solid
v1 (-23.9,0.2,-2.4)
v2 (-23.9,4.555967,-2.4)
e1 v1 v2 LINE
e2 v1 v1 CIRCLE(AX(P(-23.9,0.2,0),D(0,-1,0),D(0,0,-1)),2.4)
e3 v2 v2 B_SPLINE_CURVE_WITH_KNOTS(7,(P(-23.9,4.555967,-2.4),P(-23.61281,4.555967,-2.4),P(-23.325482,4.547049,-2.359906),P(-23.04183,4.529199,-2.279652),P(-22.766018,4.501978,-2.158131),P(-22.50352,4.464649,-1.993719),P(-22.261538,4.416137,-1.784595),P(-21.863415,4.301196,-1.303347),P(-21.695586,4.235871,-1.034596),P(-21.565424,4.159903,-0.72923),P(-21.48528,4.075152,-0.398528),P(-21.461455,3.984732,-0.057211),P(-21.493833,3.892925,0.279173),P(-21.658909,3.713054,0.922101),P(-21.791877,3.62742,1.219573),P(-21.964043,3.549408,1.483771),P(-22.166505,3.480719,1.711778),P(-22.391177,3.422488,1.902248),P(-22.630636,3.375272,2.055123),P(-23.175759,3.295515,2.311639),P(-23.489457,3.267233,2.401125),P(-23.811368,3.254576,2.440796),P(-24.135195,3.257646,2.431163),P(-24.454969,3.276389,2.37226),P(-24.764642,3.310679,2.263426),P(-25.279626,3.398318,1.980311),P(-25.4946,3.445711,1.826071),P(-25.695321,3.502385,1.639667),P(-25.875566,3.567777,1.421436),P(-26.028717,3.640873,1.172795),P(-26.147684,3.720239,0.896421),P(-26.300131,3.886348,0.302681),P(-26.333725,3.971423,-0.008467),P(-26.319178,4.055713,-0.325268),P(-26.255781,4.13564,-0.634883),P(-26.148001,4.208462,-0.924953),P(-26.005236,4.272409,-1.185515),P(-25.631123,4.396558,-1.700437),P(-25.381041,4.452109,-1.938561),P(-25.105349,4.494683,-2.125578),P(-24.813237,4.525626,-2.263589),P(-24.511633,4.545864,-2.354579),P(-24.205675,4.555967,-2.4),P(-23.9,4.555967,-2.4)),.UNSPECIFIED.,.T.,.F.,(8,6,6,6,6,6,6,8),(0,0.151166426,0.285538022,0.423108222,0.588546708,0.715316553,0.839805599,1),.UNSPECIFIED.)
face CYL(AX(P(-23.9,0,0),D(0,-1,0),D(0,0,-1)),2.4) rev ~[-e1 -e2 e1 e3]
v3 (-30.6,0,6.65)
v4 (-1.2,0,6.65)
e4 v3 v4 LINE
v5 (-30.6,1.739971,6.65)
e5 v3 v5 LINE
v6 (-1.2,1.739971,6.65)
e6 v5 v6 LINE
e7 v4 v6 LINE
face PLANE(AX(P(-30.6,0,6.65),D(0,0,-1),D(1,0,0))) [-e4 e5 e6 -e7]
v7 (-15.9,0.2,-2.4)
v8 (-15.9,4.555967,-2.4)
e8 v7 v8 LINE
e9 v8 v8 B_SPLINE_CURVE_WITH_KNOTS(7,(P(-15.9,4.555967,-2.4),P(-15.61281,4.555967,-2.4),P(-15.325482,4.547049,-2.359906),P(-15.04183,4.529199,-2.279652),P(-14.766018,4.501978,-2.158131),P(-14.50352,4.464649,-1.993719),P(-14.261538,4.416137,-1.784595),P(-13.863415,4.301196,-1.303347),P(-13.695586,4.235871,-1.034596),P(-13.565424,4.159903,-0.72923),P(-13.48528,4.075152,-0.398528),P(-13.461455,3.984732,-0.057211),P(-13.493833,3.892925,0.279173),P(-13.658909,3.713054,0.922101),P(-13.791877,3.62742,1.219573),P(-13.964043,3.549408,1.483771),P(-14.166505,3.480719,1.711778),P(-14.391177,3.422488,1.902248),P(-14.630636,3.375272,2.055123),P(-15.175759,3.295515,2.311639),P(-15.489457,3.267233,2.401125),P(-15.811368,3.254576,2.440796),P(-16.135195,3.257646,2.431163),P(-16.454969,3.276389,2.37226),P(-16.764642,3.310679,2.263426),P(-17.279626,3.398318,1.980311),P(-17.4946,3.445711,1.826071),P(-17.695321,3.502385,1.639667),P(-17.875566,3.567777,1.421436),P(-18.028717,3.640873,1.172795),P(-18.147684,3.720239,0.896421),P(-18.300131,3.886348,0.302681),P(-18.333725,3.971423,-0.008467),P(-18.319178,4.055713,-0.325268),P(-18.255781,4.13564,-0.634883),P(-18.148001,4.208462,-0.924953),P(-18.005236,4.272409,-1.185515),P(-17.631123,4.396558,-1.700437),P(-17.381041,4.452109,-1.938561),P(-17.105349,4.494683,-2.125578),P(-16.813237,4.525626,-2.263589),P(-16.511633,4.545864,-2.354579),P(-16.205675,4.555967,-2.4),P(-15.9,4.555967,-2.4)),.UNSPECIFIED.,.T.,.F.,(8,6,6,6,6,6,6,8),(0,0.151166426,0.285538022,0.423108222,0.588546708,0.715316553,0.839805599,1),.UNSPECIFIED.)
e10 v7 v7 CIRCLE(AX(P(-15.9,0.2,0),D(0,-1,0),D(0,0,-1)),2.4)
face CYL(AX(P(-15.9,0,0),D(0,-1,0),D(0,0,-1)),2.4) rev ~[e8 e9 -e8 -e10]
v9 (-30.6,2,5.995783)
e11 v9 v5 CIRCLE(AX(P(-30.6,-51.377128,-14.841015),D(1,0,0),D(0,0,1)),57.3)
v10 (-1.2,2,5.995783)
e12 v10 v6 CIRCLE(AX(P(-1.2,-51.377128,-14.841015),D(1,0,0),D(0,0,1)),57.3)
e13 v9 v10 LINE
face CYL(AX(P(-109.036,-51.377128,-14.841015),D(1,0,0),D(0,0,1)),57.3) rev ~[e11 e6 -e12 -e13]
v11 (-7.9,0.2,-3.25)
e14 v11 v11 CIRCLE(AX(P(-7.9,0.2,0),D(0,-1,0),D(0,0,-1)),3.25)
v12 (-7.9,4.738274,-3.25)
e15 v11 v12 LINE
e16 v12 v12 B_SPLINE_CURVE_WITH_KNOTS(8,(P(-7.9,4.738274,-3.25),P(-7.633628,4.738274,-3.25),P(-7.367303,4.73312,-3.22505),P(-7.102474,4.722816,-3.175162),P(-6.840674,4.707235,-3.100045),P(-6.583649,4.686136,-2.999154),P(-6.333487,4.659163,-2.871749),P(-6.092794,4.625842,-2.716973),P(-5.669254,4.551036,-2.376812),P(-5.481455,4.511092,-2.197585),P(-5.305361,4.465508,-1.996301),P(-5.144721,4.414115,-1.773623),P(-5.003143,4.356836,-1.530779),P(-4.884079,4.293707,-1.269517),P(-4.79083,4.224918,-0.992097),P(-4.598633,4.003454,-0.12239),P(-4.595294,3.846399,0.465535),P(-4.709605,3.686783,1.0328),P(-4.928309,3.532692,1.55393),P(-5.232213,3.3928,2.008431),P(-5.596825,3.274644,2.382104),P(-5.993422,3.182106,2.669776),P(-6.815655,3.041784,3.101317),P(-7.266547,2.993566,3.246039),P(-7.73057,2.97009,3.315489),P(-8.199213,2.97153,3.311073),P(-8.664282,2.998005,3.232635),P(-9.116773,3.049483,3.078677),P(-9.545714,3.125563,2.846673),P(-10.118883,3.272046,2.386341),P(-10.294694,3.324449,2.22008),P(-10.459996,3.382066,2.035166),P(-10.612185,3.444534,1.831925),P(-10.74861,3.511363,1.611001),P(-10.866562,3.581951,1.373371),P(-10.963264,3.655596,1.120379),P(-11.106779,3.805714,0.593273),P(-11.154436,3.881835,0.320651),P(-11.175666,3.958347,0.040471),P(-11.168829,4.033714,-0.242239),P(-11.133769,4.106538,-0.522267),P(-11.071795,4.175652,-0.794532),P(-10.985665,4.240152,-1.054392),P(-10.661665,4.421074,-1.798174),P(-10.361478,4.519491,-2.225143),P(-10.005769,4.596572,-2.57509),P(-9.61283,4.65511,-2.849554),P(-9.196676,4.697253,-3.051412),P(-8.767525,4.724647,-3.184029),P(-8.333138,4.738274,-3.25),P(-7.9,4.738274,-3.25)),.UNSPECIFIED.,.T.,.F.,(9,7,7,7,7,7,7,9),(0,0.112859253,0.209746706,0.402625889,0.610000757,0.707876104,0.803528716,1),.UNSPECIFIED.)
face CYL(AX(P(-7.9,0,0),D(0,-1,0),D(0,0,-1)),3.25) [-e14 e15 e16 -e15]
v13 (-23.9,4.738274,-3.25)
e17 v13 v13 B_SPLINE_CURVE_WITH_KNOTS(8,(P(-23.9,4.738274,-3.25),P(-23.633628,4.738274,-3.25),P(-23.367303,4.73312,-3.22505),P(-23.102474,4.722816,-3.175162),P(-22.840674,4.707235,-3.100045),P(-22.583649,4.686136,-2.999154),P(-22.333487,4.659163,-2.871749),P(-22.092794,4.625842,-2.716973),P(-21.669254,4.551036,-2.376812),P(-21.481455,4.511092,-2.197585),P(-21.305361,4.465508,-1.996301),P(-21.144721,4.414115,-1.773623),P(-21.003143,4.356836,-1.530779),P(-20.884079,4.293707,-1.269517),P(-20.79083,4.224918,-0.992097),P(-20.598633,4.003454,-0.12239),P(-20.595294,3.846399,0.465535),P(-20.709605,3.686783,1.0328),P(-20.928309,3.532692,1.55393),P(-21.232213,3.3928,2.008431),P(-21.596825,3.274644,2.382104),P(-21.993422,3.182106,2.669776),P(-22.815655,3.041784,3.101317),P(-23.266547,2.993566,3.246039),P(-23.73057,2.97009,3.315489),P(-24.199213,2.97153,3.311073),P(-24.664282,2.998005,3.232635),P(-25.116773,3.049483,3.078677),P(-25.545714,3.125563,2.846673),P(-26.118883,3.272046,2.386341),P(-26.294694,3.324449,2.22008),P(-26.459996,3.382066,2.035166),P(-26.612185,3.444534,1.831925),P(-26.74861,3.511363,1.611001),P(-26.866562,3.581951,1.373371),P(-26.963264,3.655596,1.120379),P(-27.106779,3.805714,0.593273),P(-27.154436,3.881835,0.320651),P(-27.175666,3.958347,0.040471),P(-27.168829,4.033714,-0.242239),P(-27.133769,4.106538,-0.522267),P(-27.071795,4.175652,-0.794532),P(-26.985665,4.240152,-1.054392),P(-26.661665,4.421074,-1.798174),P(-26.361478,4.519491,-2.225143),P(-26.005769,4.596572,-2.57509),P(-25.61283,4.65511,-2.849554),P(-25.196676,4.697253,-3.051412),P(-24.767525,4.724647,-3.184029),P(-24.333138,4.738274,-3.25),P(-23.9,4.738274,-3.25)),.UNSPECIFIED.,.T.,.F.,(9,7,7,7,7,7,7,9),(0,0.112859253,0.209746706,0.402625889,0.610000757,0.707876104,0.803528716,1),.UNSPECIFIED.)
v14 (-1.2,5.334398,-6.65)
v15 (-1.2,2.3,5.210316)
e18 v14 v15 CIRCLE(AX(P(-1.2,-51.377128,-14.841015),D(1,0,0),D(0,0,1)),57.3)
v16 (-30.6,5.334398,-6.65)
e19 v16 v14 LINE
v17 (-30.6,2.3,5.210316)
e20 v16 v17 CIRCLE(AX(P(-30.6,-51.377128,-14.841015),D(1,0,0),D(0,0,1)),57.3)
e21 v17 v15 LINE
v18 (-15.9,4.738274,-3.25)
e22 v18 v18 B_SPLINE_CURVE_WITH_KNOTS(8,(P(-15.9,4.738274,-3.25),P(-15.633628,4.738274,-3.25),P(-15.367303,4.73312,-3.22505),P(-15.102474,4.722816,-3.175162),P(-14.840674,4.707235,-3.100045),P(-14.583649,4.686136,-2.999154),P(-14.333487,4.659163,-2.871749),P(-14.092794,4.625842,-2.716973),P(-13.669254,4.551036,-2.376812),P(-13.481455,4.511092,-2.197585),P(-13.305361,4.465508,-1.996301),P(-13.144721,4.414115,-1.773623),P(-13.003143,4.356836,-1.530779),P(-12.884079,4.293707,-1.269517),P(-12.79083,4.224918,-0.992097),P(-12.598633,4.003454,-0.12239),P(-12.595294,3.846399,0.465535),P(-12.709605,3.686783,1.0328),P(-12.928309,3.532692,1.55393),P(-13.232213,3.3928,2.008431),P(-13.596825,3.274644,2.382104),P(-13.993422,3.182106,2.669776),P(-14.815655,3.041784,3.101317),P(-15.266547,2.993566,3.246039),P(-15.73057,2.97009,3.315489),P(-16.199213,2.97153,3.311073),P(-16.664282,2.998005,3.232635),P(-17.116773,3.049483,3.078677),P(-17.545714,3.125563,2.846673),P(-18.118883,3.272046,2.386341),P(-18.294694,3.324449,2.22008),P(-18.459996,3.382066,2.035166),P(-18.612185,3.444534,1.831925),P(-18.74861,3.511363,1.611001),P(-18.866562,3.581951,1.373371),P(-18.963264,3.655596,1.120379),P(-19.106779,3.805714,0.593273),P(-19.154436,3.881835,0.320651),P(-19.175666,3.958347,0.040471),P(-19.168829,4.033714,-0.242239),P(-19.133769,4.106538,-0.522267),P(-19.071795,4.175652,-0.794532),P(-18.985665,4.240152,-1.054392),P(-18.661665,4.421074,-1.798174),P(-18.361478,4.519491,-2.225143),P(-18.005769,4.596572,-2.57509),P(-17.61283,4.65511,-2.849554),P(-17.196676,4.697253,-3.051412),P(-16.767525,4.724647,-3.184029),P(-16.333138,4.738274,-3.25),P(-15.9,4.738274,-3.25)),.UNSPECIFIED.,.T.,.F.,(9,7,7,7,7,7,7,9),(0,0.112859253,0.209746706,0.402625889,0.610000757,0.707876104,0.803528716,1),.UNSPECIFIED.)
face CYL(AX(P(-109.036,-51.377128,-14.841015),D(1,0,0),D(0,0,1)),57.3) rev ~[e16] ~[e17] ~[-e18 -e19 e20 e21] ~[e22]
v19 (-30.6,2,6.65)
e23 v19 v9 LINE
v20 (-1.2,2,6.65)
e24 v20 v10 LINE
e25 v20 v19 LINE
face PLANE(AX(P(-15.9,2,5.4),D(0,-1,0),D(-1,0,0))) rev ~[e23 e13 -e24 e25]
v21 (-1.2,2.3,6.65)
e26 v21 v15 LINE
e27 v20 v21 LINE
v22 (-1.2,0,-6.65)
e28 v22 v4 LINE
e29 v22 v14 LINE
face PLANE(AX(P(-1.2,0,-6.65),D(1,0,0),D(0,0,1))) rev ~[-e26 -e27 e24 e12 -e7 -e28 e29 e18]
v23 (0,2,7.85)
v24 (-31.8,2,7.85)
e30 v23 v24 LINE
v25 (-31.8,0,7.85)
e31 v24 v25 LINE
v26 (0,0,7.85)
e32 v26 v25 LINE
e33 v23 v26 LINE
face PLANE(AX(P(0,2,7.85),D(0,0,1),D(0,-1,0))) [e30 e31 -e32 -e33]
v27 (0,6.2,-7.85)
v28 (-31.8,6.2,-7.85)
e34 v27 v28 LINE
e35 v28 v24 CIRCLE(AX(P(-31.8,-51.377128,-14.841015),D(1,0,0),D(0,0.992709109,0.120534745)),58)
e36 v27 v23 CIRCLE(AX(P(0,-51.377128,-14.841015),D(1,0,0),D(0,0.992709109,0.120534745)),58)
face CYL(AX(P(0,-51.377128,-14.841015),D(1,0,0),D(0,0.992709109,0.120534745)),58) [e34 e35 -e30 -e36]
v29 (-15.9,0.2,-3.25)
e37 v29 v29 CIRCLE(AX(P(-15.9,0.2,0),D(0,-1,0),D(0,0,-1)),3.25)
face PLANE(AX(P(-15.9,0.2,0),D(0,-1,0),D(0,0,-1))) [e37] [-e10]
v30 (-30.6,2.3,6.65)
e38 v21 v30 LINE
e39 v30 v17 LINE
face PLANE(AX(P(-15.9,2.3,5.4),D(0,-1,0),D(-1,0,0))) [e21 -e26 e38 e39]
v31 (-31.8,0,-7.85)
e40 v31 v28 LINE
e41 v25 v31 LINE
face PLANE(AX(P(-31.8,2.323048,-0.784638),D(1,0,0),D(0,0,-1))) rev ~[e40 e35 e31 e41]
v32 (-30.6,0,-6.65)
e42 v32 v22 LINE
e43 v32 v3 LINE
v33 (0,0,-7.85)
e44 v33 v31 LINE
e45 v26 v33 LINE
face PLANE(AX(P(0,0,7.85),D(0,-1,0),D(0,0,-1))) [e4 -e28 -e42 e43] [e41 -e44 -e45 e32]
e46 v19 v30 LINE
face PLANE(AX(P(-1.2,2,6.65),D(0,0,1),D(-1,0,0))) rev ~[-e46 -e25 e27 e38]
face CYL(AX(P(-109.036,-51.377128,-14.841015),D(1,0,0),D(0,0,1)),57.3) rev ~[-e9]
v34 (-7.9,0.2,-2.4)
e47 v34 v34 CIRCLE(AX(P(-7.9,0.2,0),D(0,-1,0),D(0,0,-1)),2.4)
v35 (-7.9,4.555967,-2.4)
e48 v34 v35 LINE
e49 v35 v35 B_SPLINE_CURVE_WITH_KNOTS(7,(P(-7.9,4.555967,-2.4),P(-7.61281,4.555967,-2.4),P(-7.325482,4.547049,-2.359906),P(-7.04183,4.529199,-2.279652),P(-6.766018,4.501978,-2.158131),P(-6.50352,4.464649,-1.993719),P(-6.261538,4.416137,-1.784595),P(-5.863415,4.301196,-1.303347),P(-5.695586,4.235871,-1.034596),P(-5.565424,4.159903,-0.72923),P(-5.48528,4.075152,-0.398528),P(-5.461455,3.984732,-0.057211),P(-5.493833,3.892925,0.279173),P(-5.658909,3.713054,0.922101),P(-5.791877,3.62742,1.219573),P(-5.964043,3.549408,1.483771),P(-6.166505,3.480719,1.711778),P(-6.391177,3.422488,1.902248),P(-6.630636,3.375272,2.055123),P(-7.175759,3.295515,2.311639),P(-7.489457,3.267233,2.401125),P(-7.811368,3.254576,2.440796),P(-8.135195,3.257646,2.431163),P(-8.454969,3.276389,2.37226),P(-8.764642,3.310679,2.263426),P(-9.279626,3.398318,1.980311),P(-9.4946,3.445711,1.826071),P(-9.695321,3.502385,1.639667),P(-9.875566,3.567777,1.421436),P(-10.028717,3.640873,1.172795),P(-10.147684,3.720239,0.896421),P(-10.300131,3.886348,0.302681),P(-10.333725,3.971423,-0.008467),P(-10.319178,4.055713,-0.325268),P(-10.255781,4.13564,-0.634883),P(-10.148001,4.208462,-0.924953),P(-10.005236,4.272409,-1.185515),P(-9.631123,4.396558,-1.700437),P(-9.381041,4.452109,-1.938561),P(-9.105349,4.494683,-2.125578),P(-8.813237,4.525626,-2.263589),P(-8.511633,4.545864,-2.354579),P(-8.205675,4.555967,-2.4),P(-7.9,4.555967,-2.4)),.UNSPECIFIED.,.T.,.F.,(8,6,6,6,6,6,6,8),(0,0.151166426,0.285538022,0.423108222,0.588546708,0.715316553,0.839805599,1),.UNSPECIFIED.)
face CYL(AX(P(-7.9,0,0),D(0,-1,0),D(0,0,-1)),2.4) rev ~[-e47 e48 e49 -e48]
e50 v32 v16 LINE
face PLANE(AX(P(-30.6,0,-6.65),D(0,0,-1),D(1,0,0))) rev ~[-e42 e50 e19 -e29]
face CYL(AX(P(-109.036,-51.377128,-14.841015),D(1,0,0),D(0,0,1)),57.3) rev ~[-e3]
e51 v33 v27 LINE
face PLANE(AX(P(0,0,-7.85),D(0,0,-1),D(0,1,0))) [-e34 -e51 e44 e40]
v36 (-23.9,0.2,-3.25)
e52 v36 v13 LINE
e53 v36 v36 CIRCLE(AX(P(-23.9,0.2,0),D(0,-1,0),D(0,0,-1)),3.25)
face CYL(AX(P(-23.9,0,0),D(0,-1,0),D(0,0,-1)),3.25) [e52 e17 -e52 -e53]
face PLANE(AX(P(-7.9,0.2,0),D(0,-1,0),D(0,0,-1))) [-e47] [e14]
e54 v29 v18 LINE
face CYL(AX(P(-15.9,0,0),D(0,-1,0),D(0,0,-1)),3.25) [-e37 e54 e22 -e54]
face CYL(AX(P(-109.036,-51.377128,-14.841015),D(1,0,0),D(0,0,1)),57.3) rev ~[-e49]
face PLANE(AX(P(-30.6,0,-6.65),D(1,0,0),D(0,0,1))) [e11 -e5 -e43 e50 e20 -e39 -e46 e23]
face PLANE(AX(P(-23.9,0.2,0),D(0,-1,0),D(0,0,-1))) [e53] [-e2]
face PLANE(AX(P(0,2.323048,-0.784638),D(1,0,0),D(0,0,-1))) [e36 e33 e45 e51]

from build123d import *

# Parameters (mm, degrees)
BOSS_EXTRUDE1_DEPTH      = 31.8
CUT_EXTRUDE1_REACH       = 35.336
CUT_EXTRUDE1_END_RADIUS  = 57.3
SKETCH2_W                = 29.4
SKETCH2_H                = 13.3
BOSS_EXTRUDE2_REACH      = 35.336
BOSS_EXTRUDE2_END_RADIUS = 57.3
SKETCH3_R                = 3.25
SKETCH3_R_2              = 2.4
SKETCH4_R                = 3.25
SKETCH4_R_2              = 2.4
CUT_EXTRUDE2_DEPTH       = 0.2
LPATTERN1_COUNT          = 2
LPATTERN1_PITCH          = 8
LPATTERN2_COUNT          = 2
LPATTERN2_PITCH          = 8
SKETCH5_W                = 29.4
SKETCH5_H                = 2.5
CUT_EXTRUDE3_DEPTH       = 0.3


with BuildPart() as part:
    # Sketch1 → Boss-Extrude1 (new body)
    with BuildSketch(Plane(origin=(0, 0, 0), x_dir=(0, 0, -1), z_dir=(1, 0, 0))):
        with BuildLine():
            Line((-7.85, 0), (7.85, 0))
            Line((7.85, 0), (7.85, 6.2))
            ThreePointArc((7.85, 6.2), (-0.147838397, 4.652634009), (-7.85, 2))
            Line((-7.85, 2), (-7.85, 0))
        make_face()
    extrude(amount=-BOSS_EXTRUDE1_DEPTH)

    # Cut-Extrude1: up to this cylinder (the profile starts inside it)
    cut_extrude1_end = Plane(origin=(-15.9, -51.377128325, -14.841015221), z_dir=(1, 0, 0)) * Cylinder(CUT_EXTRUDE1_END_RADIUS, 186.272, mode=Mode.PRIVATE)
    # Sketch2 → Cut-Extrude1 (cut, up to the surface)
    with BuildSketch(Plane.XZ, mode=Mode.PRIVATE) as cut_extrude1_sk1:
        with Locations((-15.9, 0)):
            Rectangle(SKETCH2_W, SKETCH2_H)
    cut_extrude1_tool1 = extrude(cut_extrude1_sk1.sketch, amount=-CUT_EXTRUDE1_REACH, mode=Mode.PRIVATE) & cut_extrude1_end
    add(cut_extrude1_tool1.solids().sort_by_distance((-15.9, 0, 0))[0], mode=Mode.SUBTRACT)

    # Boss-Extrude2: up to this cylinder (the profile starts inside it)
    boss_extrude2_end = Plane(origin=(-15.9, -51.377128325, -14.841015221), z_dir=(1, 0, 0)) * Cylinder(BOSS_EXTRUDE2_END_RADIUS, 186.272, mode=Mode.PRIVATE)
    # Sketch3 → Boss-Extrude2 (add, up to the surface)
    with BuildSketch(Plane.XZ, mode=Mode.PRIVATE) as boss_extrude2_sk1:
        with Locations(Location((-15.9, 0, 0), (0, 0, 270))):
            Circle(SKETCH3_R)
        with Locations(Location((-15.9, 0, 0), (0, 0, 270))):
            Circle(SKETCH3_R_2, mode=Mode.SUBTRACT)
    boss_extrude2_tool1 = extrude(boss_extrude2_sk1.sketch, amount=-BOSS_EXTRUDE2_REACH, mode=Mode.PRIVATE) & boss_extrude2_end
    boss_extrude2 = boss_extrude2_tool1.solids().sort_by_distance((-15.9, 0, 3.158076))[0]
    add(boss_extrude2)

    # Sketch4 → Cut-Extrude2 (cut)
    with BuildSketch(Plane.XZ):
        with Locations(Location((-15.9, 0, 0), (0, 0, 270))):
            Circle(SKETCH4_R)
        with Locations(Location((-15.9, 0, 0), (0, 0, 270))):
            Circle(SKETCH4_R_2, mode=Mode.SUBTRACT)
    cut_extrude2 = extrude(amount=-CUT_EXTRUDE2_DEPTH, mode=Mode.SUBTRACT)

    # LPattern1: Boss-Extrude2, Cut-Extrude2 ×2
    with Locations(*[(i * LPATTERN1_PITCH, 0, 0) for i in range(1, LPATTERN1_COUNT)]):
        add(boss_extrude2)
        add(cut_extrude2, mode=Mode.SUBTRACT)

    # LPattern2: Boss-Extrude2, Cut-Extrude2 ×2
    with Locations(*[(-i * LPATTERN2_PITCH, 0, 0) for i in range(1, LPATTERN2_COUNT)]):
        add(boss_extrude2)
        add(cut_extrude2, mode=Mode.SUBTRACT)

    # Sketch5 → Cut-Extrude3 (cut)
    with BuildSketch(Plane(origin=(0, 2, 0), x_dir=(-1, 0, 0), z_dir=(0, -1, 0))):
        with Locations((15.9, -5.4)):
            Rectangle(SKETCH5_W, SKETCH5_H)
    extrude(amount=-CUT_EXTRUDE3_DEPTH, mode=Mode.SUBTRACT)


solid = part.part
